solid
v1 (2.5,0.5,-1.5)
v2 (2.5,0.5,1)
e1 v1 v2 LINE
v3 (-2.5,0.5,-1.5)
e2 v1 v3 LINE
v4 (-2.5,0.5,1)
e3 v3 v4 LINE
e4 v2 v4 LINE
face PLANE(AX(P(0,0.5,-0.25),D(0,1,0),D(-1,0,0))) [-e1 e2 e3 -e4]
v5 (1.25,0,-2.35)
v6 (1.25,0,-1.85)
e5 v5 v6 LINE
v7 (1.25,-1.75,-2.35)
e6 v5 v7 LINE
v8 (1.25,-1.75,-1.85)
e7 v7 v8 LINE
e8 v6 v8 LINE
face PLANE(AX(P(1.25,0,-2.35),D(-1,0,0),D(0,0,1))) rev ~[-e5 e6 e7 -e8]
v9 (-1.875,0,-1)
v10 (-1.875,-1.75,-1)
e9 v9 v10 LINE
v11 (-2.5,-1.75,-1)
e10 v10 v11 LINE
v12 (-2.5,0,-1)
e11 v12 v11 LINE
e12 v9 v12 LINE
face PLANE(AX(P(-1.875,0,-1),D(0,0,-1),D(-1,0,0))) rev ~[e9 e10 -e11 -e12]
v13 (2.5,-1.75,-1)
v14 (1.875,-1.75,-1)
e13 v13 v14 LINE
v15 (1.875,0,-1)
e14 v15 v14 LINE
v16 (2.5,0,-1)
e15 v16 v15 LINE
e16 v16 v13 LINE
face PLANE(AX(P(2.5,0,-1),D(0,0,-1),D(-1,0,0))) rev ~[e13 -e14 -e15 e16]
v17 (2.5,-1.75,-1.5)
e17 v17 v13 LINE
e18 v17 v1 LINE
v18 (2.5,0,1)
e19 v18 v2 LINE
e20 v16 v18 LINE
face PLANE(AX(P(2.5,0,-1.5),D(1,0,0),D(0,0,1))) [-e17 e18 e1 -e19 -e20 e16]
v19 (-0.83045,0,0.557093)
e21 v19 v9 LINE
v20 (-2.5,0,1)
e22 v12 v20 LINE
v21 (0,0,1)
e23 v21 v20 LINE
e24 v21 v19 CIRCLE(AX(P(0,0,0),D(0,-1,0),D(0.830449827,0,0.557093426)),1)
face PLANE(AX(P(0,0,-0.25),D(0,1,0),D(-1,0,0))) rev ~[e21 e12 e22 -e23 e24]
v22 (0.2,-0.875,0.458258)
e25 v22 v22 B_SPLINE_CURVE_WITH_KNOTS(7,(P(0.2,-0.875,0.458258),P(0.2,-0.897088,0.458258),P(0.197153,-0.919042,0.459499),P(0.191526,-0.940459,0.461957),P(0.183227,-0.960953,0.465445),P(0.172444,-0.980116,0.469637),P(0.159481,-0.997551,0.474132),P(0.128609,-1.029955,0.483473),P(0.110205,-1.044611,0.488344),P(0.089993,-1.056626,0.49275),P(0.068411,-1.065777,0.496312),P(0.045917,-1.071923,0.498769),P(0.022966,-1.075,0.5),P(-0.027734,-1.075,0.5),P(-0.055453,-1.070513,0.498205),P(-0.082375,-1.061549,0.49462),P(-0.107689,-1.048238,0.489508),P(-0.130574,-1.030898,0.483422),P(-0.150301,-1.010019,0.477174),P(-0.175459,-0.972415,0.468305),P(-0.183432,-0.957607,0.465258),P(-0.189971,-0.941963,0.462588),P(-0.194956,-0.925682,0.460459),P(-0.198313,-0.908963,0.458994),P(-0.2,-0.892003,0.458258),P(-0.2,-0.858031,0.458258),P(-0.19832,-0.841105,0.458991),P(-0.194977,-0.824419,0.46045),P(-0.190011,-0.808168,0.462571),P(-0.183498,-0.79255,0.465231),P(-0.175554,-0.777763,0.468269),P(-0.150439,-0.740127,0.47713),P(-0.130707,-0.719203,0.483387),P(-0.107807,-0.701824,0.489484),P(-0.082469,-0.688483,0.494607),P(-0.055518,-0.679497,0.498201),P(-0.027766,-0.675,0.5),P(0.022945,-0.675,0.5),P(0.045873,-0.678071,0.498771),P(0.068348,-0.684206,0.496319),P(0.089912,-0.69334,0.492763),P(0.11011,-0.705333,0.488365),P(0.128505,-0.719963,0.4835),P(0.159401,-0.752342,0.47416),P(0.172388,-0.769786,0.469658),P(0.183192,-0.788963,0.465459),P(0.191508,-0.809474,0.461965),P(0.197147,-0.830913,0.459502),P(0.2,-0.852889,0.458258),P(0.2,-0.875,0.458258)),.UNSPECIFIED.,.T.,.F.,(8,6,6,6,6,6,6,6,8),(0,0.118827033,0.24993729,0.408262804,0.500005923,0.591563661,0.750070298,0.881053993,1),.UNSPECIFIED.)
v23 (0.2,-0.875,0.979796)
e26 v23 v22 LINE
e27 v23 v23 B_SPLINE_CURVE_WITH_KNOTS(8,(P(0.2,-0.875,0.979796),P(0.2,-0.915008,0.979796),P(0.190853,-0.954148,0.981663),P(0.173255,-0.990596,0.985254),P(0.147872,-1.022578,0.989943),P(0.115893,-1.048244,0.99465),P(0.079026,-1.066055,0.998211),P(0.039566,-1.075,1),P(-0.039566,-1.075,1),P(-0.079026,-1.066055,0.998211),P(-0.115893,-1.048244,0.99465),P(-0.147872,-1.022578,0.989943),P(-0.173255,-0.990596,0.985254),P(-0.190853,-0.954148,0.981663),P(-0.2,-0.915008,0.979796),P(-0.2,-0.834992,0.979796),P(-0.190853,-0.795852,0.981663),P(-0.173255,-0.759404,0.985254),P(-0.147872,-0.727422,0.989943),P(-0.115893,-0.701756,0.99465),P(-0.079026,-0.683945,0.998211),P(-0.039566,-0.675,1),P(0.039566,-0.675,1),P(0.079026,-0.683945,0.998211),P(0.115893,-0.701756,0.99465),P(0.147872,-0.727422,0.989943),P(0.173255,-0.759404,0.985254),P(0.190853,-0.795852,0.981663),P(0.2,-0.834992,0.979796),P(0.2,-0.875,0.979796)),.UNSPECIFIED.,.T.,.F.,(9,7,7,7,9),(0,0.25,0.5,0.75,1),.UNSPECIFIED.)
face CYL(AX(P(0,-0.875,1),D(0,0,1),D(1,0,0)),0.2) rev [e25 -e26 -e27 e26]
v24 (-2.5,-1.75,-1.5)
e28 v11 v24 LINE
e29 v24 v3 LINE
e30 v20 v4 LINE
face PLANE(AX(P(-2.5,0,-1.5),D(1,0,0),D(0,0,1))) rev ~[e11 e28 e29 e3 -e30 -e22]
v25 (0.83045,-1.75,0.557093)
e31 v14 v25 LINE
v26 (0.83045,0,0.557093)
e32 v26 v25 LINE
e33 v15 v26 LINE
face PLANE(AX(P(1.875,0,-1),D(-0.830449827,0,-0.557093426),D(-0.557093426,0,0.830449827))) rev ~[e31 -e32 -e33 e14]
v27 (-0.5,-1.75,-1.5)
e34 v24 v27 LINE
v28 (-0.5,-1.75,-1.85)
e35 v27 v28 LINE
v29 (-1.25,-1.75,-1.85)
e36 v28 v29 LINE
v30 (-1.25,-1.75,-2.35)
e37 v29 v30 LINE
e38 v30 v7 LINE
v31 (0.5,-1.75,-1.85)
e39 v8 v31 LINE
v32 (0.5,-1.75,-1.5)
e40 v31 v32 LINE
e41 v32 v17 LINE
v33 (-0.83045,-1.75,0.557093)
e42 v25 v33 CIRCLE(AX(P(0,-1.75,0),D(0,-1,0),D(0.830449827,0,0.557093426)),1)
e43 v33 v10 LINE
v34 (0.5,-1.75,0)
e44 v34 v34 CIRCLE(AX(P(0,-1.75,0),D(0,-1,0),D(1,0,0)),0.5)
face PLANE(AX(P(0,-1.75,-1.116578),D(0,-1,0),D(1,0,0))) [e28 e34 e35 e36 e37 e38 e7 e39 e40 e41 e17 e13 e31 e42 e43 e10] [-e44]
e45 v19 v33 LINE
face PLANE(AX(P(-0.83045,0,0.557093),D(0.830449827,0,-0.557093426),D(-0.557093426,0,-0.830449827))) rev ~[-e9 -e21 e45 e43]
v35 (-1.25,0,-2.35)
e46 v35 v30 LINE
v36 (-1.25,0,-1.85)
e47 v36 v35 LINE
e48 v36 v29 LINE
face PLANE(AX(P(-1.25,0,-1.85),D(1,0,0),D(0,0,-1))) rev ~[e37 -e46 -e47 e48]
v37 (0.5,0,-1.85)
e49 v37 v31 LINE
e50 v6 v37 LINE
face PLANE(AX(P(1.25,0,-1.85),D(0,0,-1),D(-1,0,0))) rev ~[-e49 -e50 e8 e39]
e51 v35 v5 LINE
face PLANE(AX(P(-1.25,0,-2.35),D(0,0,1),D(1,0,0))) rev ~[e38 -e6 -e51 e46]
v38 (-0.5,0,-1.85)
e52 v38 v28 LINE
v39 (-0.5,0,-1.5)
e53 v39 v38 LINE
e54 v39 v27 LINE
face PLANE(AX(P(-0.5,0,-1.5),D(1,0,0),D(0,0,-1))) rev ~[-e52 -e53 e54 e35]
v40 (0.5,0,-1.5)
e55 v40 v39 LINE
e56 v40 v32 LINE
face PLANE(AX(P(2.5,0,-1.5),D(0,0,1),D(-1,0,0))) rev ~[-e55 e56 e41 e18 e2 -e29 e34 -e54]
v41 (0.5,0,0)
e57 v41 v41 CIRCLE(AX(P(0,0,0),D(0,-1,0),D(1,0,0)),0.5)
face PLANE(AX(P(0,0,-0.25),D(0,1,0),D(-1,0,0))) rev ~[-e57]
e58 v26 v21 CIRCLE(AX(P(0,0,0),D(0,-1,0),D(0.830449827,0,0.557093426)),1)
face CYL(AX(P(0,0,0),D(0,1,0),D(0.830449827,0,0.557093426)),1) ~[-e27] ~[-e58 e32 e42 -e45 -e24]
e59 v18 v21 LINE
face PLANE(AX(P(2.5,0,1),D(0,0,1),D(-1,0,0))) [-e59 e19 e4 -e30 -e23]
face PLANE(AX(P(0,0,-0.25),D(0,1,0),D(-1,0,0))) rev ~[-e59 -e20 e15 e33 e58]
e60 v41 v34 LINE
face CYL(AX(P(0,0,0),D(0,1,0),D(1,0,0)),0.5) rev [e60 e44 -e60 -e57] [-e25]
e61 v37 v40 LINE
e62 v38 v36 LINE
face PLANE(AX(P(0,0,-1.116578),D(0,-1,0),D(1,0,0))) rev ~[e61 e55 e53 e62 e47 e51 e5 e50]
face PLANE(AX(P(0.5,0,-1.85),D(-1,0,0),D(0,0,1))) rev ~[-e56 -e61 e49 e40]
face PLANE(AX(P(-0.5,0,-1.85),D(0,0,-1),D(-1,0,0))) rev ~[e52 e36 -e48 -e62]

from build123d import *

# Parameters (mm, degrees)
F0_R     = 0.5
F1_DEPTH = 1.75
F2_W     = 5
F2_H     = 2.5
F3_DEPTH = 0.5
F5_R     = 0.2
F6_DEPTH = 0.5427425305


with BuildPart() as f1:
    # F0 (on Front) → F1 (new body)
    with BuildSketch(Plane.XZ):
        with BuildLine():
            Line((-2.5, -1), (-2.5, -1.5))
            Line((-2.5, -1.5), (-0.5, -1.5))
            Line((-0.5, -1.5), (-0.5, -1.85))
            Line((-0.5, -1.85), (-1.25, -1.85))
            Line((-1.25, -1.85), (-1.25, -2.35))
            Line((-1.25, -2.35), (0, -2.35))
            Line((0, -2.35), (1.25, -2.35))
            Line((1.25, -2.35), (1.25, -1.85))
            Line((1.25, -1.85), (0.5, -1.85))
            Line((0.5, -1.85), (0.5, -1.5))
            Line((0.5, -1.5), (2.5, -1.5))
            Line((2.5, -1.5), (2.5, -1))
            Line((2.5, -1), (1.875, -1))
            Line((1.875, -1), (0.830449827, 0.5570934256))
            ThreePointArc((0.830449827, 0.5570934256), (0, 1), (-0.830449827, 0.5570934256))
            Line((-0.830449827, 0.5570934256), (-1.875, -1))
            Line((-1.875, -1), (-2.5, -1))
        make_face()
        Circle(F0_R, mode=Mode.SUBTRACT)
    extrude(amount=F1_DEPTH)

    # F2 (on face) → F3 (join)
    with BuildSketch(Plane(origin=(0, 0, 0), x_dir=(-1, 0, 0), z_dir=(0, 1, 0))):
        with Locations((0, -0.25)):
            Rectangle(F2_W, F2_H)
    extrude(amount=F3_DEPTH)

    # F5 (on offset) → F6 (cut, through all)
    with BuildSketch(Plane(origin=(0, 0, 1), x_dir=(1, 0, 0), z_dir=(0, 0, -1))):
        with Locations((0, 0.875)):
            Circle(F5_R)
    extrude(amount=F6_DEPTH, mode=Mode.SUBTRACT)


solid = f1.part
